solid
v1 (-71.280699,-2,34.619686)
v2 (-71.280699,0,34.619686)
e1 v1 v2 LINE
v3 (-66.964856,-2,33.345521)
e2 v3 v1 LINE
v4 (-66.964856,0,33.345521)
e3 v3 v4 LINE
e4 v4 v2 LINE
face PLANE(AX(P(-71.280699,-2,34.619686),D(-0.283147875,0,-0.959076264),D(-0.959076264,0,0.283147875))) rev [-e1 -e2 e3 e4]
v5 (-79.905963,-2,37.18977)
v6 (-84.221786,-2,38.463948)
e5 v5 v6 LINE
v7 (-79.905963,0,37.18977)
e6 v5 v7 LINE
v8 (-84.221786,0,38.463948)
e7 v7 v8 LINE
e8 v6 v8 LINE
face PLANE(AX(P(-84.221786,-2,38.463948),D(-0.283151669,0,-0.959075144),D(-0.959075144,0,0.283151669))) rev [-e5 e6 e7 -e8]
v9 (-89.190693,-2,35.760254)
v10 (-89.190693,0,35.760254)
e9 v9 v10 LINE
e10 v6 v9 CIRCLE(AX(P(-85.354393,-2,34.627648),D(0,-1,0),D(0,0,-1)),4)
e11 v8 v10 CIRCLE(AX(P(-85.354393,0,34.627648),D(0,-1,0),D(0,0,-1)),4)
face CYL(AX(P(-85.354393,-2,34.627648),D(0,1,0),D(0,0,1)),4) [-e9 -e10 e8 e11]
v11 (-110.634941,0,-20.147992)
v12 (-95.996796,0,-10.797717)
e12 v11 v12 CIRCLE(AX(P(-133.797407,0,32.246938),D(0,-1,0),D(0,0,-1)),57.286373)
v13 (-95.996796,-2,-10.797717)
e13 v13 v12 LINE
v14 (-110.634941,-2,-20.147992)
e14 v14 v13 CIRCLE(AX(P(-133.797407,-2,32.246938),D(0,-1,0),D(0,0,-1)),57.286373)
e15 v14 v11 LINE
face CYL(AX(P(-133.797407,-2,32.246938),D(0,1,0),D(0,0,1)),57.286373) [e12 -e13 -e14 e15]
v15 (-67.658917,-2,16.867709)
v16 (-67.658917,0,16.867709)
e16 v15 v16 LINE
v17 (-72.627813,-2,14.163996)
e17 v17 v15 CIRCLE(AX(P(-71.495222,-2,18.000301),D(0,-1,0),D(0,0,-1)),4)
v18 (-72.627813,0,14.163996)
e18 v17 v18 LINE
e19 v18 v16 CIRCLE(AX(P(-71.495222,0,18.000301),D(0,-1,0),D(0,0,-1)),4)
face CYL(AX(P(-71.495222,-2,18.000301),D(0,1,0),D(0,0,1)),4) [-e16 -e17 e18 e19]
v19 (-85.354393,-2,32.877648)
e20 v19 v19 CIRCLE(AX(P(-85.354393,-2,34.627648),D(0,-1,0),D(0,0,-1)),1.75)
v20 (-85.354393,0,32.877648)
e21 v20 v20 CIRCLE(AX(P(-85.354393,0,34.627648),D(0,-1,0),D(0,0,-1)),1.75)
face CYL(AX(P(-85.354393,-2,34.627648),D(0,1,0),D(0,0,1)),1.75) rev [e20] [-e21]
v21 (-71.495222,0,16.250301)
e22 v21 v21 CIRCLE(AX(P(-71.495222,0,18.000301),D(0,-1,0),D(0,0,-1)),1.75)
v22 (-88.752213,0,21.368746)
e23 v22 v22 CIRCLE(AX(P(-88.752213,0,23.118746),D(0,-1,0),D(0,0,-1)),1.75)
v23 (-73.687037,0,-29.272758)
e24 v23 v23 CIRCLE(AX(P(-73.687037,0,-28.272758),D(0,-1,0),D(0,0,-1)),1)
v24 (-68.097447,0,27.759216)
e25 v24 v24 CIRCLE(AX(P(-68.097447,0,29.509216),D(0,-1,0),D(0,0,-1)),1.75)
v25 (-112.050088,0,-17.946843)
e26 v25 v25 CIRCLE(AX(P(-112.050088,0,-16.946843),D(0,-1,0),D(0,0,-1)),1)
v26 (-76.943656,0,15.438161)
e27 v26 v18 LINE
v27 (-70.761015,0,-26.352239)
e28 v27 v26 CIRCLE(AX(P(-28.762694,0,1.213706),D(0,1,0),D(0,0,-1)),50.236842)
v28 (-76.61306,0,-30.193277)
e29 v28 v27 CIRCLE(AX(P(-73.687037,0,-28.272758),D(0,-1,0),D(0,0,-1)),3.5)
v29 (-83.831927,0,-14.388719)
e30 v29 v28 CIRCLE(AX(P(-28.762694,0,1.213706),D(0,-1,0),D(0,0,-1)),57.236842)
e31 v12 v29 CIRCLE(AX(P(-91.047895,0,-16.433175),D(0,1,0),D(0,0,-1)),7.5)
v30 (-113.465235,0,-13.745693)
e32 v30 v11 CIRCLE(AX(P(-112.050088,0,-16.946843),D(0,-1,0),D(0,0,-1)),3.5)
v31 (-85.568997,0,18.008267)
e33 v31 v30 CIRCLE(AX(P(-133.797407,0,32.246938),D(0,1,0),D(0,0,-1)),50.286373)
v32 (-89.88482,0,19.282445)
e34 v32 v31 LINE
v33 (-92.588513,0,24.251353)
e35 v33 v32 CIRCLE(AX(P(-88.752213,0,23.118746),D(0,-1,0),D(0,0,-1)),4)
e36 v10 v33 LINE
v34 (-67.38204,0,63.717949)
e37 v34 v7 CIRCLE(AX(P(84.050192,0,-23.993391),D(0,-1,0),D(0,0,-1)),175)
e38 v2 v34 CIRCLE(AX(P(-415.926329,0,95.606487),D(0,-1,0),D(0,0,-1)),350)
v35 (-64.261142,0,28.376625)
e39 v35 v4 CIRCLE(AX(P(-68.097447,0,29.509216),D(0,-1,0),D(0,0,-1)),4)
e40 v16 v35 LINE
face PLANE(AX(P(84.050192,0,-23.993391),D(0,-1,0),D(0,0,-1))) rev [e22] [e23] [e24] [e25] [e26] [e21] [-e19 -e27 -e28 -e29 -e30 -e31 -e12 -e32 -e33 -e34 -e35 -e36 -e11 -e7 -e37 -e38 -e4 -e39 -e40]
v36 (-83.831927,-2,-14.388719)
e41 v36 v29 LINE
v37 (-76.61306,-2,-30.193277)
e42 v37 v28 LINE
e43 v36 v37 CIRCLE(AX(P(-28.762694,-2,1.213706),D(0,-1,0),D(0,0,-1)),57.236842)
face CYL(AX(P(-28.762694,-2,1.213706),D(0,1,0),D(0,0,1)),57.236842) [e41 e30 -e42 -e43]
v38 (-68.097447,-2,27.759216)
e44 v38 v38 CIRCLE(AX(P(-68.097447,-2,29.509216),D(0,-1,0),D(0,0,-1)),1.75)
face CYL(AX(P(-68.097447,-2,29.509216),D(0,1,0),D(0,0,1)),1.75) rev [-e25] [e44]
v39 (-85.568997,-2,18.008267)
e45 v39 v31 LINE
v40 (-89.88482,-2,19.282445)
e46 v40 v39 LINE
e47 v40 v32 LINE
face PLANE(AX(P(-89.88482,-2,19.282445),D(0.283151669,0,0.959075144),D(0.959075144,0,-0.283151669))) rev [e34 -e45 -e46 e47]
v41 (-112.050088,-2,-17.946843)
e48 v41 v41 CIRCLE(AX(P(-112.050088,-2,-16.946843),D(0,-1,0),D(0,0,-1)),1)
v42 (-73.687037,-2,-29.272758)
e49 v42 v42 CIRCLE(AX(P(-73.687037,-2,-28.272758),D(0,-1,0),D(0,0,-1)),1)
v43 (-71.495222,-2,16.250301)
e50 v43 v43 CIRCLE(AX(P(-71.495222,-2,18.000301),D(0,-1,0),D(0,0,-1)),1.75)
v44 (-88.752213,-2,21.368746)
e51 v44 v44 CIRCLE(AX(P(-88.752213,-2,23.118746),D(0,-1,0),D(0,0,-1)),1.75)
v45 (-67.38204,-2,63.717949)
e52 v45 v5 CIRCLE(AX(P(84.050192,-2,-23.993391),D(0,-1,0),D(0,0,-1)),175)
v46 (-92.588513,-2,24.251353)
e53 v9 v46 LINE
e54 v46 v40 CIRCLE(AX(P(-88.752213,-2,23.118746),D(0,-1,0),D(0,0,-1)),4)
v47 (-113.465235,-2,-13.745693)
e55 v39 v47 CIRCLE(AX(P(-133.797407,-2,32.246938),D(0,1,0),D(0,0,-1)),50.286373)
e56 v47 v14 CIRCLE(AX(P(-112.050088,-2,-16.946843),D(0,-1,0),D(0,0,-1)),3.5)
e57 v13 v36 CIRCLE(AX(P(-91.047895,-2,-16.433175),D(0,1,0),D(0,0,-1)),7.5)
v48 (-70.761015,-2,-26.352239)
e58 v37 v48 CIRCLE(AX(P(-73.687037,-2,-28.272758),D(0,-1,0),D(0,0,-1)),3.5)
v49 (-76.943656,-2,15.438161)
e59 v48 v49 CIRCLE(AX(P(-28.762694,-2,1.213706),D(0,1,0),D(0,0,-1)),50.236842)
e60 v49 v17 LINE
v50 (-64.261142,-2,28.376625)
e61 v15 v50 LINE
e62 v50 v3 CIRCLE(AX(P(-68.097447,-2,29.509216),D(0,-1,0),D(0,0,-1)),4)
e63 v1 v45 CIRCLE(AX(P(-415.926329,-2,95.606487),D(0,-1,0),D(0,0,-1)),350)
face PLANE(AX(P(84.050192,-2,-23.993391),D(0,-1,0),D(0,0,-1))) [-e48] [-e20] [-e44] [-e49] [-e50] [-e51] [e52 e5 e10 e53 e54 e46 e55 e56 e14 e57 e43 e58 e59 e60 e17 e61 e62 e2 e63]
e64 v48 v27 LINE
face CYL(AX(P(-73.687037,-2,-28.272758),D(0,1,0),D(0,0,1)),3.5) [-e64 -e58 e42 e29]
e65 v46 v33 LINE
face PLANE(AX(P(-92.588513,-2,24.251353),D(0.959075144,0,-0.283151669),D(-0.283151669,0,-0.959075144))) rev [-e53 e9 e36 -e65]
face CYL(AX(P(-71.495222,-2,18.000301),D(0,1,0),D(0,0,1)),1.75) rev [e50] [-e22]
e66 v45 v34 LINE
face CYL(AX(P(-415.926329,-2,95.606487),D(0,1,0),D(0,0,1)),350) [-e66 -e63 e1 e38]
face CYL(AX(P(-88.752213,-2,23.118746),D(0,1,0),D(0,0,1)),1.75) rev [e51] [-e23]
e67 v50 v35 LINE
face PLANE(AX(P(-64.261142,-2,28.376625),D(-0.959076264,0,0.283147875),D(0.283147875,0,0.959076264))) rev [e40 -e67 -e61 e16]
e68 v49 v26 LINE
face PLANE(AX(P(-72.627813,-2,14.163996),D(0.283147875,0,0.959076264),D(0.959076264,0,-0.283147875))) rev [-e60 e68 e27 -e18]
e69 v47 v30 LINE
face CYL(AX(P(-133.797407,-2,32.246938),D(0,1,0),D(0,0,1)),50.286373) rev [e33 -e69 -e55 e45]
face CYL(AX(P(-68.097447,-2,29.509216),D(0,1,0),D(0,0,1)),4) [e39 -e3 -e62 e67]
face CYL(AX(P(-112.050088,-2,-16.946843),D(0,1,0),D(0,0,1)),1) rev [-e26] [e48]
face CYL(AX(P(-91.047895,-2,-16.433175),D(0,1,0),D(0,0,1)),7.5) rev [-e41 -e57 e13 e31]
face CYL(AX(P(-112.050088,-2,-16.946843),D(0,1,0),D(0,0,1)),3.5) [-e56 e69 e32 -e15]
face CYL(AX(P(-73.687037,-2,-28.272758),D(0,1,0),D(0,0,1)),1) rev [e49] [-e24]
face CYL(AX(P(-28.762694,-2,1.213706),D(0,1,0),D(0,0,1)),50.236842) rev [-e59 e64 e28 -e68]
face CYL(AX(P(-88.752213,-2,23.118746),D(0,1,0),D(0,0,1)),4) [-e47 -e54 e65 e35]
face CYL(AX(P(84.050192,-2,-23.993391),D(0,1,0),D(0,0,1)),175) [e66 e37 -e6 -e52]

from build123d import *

# Parameters (mm, degrees)
ESQUISSE1_R        = 1
ESQUISSE1_R_2      = 1.75
BOSS_EXTRU_1_DEPTH = 2


with BuildPart() as part:
    # Esquisse1 → Boss.-Extru.1 (new body)
    with BuildSketch(Plane(origin=(-102.847426705, 0, 18.134776225), x_dir=(-0.9358900387216226, 0, 0.3522922585320884), z_dir=(0, -1, 0))):
        with BuildLine():
            Line((-29.681110437, -6.92992201), (-25.193077168, -6.601962606))
            ThreePointArc((-25.193077168, -6.601962606), (-31.376531627, 14.125140597), (-45.701784247, 30.331159651))
            ThreePointArc((-45.701784247, 30.331159651), (-46.468142588, 35.221220478), (-41.578081761, 35.987578819))
            ThreePointArc((-41.578081761, 35.987578819), (-34.948662945, 30.333854293), (-29.254192772, 23.739401754))
            ThreePointArc((-29.254192772, 23.739401754), (-22.67424344, 20.714879645), (-16.604130615, 24.664208385))
            ThreePointArc((-16.604130615, 24.664208385), (-11.931476736, 32.014751147), (-6.198466062, 38.571942755))
            ThreePointArc((-6.198466062, 38.571942755), (-1.248925128, 38.526726063), (-1.294141821, 33.577185129))
            ThreePointArc((-1.294141821, 33.577185129), (-13.111349847, 15.448077308), (-16.215278728, -5.968658704))
            Line((-16.215278728, -5.968658704), (-11.727259944, -5.640718208))
            ThreePointArc((-11.727259944, -5.640718208), (-8.820974111, -6.603051654), (-7.446392196, -9.338578579))
            Line((-7.446392196, -9.338578579), (-6.571881132, -21.306670758))
            ThreePointArc((-6.571881132, -21.306670758), (-7.534214578, -24.212956591), (-10.269741503, -25.587538506))
            Line((-10.269741503, -25.587538506), (-14.757760288, -25.915479002))
            ThreePointArc((-14.757760288, -25.915479002), (-15.331661084, -40.585109619), (-17.13310324, -55.155018018))
            ThreePointArc((-17.13310324, -55.155018018), (-20.734362801, -40.921154617), (-23.735479814, -26.548777137))
            Line((-23.735479814, -26.548777137), (-28.223513084, -26.876736542))
            ThreePointArc((-28.223513084, -26.876736542), (-31.129802724, -25.914414593), (-32.504395461, -23.178893106))
            Line((-32.504395461, -23.178893106), (-33.378953873, -11.210804387))
            ThreePointArc((-33.378953873, -11.210804387), (-32.416631925, -8.304514747), (-29.681110437, -6.92992201))
        make_face()
        with Locations(Location((-43.639933004, 33.159369235, 0), (0, 0, 110.627584138))):
            Circle(ESQUISSE1_R, mode=Mode.SUBTRACT)
        with Locations(Location((-29.389590967, -10.919284916, 0), (0, 0, 110.627584138))):
            Circle(ESQUISSE1_R_2, mode=Mode.SUBTRACT)
        with Locations(Location((-28.515032555, -22.887373635, 0), (0, 0, 110.627584138))):
            Circle(ESQUISSE1_R_2, mode=Mode.SUBTRACT)
        with Locations(Location((-10.561245191, -21.598174446, 0), (0, 0, 110.627584138))):
            Circle(ESQUISSE1_R_2, mode=Mode.SUBTRACT)
        with Locations(Location((-11.435756256, -9.630082268, 0), (0, 0, 110.627584138))):
            Circle(ESQUISSE1_R_2, mode=Mode.SUBTRACT)
        with Locations(Location((-3.746303941, 36.074563942, 0), (0, 0, 110.627584138))):
            Circle(ESQUISSE1_R, mode=Mode.SUBTRACT)
    extrude(amount=BOSS_EXTRU_1_DEPTH)


solid = part.part
